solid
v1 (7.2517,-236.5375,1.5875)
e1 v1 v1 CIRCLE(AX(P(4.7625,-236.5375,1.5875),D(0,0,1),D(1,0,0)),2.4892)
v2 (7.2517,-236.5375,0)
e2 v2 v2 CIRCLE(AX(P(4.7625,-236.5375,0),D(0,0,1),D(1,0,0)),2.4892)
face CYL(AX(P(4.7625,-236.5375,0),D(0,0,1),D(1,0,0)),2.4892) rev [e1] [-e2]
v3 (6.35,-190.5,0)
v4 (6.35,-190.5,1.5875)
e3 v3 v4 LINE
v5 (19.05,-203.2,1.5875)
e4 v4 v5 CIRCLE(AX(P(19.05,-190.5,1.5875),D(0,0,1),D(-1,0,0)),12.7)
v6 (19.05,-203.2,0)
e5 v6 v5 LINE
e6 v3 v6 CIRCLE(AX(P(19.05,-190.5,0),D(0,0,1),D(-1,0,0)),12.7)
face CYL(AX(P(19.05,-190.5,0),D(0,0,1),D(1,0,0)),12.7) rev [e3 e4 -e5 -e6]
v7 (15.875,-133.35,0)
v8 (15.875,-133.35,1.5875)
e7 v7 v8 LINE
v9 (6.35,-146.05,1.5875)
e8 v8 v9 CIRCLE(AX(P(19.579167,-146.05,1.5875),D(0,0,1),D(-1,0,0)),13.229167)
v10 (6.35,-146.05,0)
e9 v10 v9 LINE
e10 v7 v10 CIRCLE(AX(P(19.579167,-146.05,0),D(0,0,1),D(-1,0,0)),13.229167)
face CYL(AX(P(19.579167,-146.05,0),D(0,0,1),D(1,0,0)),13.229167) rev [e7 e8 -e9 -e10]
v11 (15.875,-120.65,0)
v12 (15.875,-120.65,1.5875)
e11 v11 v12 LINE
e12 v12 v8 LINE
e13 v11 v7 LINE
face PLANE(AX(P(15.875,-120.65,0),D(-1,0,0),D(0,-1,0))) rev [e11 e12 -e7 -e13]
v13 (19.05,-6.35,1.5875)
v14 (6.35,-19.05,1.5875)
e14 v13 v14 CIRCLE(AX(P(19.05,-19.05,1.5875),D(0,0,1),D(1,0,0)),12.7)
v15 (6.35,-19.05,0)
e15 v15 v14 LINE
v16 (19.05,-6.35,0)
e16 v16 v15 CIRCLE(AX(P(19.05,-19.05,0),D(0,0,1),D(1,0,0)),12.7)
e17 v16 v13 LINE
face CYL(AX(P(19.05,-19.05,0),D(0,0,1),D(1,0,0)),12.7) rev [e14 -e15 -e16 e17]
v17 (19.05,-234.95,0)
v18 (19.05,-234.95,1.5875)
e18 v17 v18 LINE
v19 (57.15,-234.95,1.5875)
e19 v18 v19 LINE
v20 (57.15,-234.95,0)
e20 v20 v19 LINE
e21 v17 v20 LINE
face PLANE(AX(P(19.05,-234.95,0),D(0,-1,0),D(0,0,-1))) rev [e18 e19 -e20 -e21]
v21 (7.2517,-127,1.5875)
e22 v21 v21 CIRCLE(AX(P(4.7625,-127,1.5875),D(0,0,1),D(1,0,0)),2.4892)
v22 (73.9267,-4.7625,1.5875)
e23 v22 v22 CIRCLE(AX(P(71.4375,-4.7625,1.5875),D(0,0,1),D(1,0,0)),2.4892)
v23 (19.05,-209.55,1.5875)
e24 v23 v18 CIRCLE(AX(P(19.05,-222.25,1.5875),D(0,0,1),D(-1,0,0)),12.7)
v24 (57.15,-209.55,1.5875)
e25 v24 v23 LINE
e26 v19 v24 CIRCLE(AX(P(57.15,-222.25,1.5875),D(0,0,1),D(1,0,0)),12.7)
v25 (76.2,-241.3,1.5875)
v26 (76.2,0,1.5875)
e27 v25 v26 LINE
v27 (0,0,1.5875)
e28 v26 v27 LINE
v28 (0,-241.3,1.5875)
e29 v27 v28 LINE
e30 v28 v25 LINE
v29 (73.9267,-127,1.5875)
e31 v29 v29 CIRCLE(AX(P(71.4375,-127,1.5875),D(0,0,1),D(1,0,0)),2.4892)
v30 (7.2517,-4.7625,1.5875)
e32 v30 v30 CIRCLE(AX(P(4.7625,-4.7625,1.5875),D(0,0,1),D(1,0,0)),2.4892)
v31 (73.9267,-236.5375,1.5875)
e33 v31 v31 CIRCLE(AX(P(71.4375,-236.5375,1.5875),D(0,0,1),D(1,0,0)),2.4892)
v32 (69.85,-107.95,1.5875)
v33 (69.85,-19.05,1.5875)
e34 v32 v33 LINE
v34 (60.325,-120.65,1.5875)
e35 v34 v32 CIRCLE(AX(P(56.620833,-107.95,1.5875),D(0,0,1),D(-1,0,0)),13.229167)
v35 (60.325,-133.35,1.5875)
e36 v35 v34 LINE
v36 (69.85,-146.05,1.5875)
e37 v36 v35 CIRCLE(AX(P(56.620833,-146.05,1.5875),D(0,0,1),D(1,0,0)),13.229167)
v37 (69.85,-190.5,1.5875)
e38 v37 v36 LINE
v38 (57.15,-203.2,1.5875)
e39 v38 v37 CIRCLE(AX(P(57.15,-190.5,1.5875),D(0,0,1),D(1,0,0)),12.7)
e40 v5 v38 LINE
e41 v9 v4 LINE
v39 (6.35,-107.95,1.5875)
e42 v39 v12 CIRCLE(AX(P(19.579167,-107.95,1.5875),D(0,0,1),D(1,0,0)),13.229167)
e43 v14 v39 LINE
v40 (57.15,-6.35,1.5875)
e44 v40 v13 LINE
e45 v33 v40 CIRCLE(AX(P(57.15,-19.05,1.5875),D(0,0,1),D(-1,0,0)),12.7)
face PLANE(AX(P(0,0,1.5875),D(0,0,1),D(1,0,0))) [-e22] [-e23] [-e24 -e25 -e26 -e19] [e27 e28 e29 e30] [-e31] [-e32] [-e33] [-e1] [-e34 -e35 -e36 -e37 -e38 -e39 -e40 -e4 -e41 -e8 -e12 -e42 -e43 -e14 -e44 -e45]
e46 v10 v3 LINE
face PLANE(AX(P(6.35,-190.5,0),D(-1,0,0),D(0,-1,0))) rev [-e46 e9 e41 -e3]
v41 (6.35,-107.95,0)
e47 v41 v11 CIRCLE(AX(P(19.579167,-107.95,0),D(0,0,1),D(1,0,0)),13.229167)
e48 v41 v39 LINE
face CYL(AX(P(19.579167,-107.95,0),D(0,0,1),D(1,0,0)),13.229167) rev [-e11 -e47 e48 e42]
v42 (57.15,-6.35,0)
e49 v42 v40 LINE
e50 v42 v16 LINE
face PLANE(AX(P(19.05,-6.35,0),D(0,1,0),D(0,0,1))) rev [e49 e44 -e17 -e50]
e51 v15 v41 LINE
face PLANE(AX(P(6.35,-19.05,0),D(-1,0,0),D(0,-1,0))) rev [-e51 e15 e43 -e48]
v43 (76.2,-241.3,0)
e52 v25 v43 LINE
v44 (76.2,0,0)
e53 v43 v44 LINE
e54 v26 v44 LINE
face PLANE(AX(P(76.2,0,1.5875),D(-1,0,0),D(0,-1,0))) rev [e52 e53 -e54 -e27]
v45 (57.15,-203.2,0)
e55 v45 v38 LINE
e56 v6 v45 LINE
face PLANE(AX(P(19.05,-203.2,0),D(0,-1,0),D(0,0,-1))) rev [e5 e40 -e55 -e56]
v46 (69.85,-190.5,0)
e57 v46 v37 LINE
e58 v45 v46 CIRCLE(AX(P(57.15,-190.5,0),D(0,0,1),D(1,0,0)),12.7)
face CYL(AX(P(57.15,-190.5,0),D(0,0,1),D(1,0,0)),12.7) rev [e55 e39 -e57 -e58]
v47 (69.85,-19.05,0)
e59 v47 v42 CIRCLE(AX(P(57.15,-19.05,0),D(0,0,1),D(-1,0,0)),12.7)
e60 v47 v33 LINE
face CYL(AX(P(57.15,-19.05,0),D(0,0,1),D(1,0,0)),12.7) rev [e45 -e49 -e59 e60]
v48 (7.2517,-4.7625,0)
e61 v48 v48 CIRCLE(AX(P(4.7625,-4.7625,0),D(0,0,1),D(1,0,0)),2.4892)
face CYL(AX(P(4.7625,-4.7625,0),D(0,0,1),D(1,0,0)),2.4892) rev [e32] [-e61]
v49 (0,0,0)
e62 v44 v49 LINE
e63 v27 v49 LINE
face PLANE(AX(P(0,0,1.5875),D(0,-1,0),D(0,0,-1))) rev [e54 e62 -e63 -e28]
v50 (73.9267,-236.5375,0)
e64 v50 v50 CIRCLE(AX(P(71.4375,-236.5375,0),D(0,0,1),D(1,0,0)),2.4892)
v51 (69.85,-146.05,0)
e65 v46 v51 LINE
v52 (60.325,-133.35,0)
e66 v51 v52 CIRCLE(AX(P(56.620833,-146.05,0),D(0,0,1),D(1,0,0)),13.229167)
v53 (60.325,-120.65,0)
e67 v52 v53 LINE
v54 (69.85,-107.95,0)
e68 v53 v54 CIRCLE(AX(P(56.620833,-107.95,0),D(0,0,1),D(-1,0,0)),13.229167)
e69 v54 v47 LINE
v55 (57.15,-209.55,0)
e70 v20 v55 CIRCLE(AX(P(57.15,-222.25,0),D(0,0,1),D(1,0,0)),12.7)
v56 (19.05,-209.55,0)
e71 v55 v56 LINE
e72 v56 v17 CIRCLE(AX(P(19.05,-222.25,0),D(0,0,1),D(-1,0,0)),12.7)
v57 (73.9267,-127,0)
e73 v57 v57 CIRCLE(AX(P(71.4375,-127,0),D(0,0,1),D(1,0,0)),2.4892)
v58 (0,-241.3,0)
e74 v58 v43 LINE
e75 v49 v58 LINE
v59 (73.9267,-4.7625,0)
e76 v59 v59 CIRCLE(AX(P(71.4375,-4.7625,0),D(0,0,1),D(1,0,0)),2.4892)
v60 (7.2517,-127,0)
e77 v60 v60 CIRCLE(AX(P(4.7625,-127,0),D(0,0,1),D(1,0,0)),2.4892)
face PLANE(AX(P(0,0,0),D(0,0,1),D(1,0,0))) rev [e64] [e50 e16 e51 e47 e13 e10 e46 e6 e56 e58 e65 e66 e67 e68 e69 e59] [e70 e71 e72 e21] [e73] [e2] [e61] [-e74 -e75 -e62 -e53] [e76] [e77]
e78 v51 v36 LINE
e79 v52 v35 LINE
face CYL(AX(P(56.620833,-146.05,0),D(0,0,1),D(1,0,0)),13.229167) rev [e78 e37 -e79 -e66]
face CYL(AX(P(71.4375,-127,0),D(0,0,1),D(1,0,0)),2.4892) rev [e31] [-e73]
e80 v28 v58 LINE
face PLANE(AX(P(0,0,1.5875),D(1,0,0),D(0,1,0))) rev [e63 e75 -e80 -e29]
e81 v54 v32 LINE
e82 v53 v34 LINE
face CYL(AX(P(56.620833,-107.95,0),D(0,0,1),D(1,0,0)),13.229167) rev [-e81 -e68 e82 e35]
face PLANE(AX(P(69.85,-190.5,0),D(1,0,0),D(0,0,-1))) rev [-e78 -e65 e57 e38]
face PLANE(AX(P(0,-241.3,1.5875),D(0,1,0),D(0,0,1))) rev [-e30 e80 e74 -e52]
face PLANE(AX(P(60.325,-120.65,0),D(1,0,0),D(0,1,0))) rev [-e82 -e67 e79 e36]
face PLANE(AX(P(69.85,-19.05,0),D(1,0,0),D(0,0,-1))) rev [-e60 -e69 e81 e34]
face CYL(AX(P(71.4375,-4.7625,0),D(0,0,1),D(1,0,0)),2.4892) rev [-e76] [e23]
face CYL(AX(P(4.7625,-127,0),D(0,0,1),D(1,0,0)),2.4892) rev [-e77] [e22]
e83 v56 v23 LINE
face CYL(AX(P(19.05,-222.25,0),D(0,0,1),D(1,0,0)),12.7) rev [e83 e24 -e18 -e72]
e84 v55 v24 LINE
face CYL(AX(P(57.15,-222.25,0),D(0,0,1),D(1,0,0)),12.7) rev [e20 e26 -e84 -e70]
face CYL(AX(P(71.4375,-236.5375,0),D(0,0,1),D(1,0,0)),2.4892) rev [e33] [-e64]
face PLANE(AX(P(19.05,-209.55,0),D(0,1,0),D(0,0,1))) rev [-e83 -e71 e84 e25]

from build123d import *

# Parameters (mm, degrees)
SKETCH1_W           = 76.2
SKETCH1_H           = 241.3
BOSS_EXTRUDE1_DEPTH = 1.5875
CUT_EXTRUDE1_DEPTH  = 1.5875
SKETCH3_R           = 2.4892
CUT_EXTRUDE2_DEPTH  = 1.5875


with BuildPart() as part:
    # Sketch1 → Boss-Extrude1 (new body)
    with BuildSketch(Plane.XY):
        with Locations((38.1, -120.65)):
            Rectangle(SKETCH1_W, SKETCH1_H)
    extrude(amount=BOSS_EXTRUDE1_DEPTH)

    # Sketch2 → Cut-Extrude1 (cut)
    with BuildSketch(Plane.XY.offset(1.5875)):
        with BuildLine():
            Line((19.05, -6.35), (57.15, -6.35))
            ThreePointArc((57.15, -6.35), (66.130256121, -10.069743879), (69.85, -19.05))
            Line((69.85, -19.05), (69.85, -107.95))
            ThreePointArc((69.85, -107.95), (67.204166667, -115.8875), (60.325, -120.65))
            Line((60.325, -120.65), (60.325, -133.35))
            ThreePointArc((60.325, -133.35), (67.204166667, -138.1125), (69.85, -146.05))
            Line((69.85, -146.05), (69.85, -190.5))
            ThreePointArc((69.85, -190.5), (66.130256121, -199.480256121), (57.15, -203.2))
            Line((57.15, -203.2), (19.05, -203.2))
            ThreePointArc((19.05, -203.2), (10.069743879, -199.480256121), (6.35, -190.5))
            Line((6.35, -190.5), (6.35, -146.05))
            ThreePointArc((6.35, -146.05), (8.995833333, -138.1125), (15.875, -133.35))
            Line((15.875, -133.35), (15.875, -120.65))
            ThreePointArc((15.875, -120.65), (8.995833333, -115.8875), (6.35, -107.95))
            Line((6.35, -107.95), (6.35, -19.05))
            ThreePointArc((6.35, -19.05), (10.069743879, -10.069743879), (19.05, -6.35))
        make_face()
        with BuildLine():
            Line((19.05, -234.95), (57.15, -234.95))
            ThreePointArc((57.15, -234.95), (69.85, -222.25), (57.15, -209.55))
            Line((57.15, -209.55), (19.05, -209.55))
            ThreePointArc((19.05, -209.55), (6.35, -222.25), (19.05, -234.95))
        make_face()
    extrude(amount=-CUT_EXTRUDE1_DEPTH, mode=Mode.SUBTRACT)

    # Sketch3 → Cut-Extrude2 (cut)
    with BuildSketch(Plane.XY.offset(1.5875)):
        with Locations((4.7625, -4.7625)):
            Circle(SKETCH3_R)
        with Locations((71.4375, -4.7625)):
            Circle(SKETCH3_R)
        with Locations((71.4375, -127)):
            Circle(SKETCH3_R)
        with Locations((4.7625, -127)):
            Circle(SKETCH3_R)
        with Locations((4.7625, -236.5375)):
            Circle(SKETCH3_R)
        with Locations((71.4375, -236.5375)):
            Circle(SKETCH3_R)
    extrude(amount=-CUT_EXTRUDE2_DEPTH, mode=Mode.SUBTRACT)


solid = part.part
